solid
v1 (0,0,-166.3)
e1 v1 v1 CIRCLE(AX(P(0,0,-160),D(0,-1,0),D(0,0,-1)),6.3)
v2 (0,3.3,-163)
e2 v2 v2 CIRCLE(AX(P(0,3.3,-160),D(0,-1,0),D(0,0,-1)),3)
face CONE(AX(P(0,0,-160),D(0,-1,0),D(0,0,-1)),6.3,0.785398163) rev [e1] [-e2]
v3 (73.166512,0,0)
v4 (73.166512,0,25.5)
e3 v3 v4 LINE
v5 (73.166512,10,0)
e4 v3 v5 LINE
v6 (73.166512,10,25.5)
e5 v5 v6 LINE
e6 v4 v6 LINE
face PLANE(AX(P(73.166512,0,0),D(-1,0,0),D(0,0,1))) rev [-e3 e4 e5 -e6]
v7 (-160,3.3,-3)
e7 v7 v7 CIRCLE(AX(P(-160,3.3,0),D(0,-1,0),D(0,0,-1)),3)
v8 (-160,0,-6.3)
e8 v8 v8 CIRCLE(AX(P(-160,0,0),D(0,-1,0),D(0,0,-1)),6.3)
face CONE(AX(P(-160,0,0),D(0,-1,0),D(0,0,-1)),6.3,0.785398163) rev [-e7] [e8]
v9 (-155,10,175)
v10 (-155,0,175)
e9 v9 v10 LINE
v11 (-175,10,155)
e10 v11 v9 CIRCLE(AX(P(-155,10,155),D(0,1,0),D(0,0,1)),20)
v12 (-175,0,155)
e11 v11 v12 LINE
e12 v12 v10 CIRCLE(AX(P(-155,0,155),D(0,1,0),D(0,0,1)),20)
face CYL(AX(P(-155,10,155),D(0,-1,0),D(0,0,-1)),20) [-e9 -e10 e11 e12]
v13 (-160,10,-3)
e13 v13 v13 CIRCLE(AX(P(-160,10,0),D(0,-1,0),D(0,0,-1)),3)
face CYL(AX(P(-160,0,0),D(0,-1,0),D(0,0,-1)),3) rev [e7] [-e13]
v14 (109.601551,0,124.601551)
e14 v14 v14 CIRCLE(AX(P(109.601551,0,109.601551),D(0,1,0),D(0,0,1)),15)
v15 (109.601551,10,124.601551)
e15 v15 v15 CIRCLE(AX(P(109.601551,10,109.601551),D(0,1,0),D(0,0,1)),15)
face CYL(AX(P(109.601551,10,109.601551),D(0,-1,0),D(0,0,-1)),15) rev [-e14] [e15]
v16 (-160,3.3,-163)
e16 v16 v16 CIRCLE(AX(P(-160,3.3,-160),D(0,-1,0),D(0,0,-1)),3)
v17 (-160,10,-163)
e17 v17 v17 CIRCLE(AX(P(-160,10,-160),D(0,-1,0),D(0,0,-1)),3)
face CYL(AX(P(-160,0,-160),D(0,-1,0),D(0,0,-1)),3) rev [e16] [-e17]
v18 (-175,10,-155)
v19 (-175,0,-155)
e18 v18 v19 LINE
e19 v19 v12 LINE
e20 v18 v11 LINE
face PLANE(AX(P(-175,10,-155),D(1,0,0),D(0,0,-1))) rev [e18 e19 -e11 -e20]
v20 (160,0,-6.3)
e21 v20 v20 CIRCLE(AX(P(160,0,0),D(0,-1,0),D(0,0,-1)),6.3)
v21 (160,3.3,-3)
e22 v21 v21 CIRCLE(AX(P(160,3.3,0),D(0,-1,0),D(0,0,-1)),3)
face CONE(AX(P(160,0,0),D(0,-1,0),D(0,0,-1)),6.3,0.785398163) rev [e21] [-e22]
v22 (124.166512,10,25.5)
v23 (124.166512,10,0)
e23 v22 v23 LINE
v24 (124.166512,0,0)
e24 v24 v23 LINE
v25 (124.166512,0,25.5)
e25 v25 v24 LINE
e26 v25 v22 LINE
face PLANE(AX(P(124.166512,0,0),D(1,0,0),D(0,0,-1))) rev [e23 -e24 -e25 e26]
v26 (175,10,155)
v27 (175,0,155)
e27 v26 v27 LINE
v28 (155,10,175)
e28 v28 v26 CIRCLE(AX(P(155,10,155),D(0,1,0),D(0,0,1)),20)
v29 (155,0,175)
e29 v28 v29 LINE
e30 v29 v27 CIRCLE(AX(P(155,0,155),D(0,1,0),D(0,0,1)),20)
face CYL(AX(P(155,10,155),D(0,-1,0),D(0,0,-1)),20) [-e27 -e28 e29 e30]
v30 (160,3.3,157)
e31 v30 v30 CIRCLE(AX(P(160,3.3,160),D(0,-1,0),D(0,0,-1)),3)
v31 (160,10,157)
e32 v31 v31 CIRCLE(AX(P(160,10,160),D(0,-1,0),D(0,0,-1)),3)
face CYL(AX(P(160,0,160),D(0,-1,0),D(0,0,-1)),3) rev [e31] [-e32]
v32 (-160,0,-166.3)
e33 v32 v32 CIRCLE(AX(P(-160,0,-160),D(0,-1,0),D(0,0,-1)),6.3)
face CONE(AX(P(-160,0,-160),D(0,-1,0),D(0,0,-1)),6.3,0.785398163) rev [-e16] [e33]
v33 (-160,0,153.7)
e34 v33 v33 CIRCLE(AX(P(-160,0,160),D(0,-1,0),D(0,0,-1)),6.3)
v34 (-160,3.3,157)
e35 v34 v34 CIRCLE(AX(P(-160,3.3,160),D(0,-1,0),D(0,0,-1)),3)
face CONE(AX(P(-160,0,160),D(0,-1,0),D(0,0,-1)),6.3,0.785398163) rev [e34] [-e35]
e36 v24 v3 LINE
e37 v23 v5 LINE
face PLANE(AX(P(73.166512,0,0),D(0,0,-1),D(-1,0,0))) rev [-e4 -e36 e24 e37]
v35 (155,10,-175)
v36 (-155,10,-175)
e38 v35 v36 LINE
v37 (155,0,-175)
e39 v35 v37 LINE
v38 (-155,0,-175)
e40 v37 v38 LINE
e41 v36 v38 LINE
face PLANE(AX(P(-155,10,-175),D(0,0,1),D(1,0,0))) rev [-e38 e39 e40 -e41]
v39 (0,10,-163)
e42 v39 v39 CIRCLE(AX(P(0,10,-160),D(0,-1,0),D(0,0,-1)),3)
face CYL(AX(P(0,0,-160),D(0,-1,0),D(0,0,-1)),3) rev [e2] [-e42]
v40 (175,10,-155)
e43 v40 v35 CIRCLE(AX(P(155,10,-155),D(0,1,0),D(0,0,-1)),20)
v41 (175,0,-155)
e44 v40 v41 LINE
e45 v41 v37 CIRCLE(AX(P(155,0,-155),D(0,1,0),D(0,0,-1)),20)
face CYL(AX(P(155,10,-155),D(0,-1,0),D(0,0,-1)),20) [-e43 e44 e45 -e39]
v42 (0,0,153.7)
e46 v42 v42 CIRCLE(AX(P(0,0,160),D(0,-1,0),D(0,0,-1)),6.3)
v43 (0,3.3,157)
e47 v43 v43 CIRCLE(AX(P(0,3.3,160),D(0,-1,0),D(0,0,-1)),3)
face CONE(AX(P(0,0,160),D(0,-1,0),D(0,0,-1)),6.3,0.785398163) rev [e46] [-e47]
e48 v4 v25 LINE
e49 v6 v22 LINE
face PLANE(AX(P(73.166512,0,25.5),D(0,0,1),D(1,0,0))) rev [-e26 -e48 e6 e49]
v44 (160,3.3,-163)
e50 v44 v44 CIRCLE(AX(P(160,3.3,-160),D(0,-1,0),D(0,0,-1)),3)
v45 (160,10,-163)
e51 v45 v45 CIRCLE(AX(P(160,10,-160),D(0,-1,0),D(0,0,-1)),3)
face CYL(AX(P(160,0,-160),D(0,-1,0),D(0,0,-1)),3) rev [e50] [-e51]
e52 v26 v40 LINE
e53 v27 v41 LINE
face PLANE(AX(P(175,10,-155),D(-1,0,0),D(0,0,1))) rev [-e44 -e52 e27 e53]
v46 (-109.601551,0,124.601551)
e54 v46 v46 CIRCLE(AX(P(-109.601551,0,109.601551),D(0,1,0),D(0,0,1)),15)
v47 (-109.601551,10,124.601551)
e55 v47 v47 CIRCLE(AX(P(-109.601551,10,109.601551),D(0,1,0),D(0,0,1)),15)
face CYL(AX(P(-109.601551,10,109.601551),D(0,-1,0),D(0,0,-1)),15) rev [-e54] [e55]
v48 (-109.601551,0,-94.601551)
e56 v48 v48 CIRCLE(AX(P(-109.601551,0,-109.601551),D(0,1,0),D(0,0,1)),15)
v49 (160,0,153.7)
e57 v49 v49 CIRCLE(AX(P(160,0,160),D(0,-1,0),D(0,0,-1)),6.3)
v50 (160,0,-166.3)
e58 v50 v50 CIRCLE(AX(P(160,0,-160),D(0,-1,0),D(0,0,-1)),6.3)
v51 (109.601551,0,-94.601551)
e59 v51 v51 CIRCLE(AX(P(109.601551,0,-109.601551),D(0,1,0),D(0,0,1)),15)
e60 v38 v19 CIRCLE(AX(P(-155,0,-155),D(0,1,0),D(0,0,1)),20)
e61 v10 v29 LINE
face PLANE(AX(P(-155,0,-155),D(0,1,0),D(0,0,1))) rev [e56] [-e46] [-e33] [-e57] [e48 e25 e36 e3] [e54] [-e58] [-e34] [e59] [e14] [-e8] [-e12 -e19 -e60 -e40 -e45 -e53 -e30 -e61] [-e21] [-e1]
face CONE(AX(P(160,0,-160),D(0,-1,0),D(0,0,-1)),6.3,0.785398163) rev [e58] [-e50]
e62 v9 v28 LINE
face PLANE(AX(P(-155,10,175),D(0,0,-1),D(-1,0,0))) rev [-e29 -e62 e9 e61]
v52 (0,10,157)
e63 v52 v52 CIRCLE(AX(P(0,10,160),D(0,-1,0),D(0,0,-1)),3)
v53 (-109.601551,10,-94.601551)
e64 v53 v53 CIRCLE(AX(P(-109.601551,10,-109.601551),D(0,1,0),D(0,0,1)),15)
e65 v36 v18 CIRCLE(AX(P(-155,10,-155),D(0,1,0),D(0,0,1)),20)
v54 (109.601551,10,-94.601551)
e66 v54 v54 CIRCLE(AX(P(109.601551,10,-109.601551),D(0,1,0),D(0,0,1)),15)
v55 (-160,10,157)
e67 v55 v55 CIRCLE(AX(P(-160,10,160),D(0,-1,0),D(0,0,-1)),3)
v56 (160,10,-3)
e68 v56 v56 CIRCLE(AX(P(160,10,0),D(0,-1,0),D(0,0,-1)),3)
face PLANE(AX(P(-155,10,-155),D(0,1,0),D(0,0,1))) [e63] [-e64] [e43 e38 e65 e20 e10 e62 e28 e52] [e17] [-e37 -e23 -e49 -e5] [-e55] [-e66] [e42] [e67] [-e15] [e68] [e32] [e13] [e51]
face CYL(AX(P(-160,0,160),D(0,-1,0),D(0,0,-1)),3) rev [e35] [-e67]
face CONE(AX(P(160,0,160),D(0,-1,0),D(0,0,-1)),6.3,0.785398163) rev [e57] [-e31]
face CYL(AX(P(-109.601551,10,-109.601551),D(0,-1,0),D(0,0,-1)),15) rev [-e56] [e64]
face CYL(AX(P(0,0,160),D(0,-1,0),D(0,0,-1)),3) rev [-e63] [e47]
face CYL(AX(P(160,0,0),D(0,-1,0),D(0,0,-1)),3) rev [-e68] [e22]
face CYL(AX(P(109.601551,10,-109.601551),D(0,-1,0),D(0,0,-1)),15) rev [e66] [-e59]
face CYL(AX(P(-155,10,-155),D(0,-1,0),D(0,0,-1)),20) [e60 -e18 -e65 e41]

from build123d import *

# Parameters (mm, degrees)
SKETCH1_R                                       = 15
BOSS_EXTRUDE1_DEPTH                             = 10
CSK_FOR_M6_FLAT_HEAD_MACHINE_SCREW2_D           = 6
CSK_FOR_M6_FLAT_HEAD_MACHINE_SCREW2_CSINK_D     = 12.6
CSK_FOR_M6_FLAT_HEAD_MACHINE_SCREW2_CSINK_ANGLE = 90
SKETCH6_W                                       = 51
SKETCH6_H                                       = 25.5
CUT_EXTRUDE1_DEPTH                              = 10


with BuildPart() as part:
    # Sketch1 → Boss-Extrude1 (new body)
    with BuildSketch(Plane(origin=(0, 0, 0), x_dir=(1, 0, 0), z_dir=(0, 1, 0))):
        with BuildLine():
            Line((-155, 175), (155, 175))
            ThreePointArc((155, 175), (169.142135624, 169.142135624), (175, 155))
            Line((175, 155), (175, -155))
            ThreePointArc((175, -155), (169.142135624, -169.142135624), (155, -175))
            Line((155, -175), (-155, -175))
            ThreePointArc((-155, -175), (-169.142135624, -169.142135624), (-175, -155))
            Line((-175, -155), (-175, 155))
            ThreePointArc((-175, 155), (-169.142135624, 169.142135624), (-155, 175))
        make_face()
        with Locations(Location((-109.601551084, 109.601551084, 0), (0, 0, 270))):
            Circle(SKETCH1_R, mode=Mode.SUBTRACT)
        with Locations(Location((109.601551084, 109.601551084, 0), (0, 0, 270))):
            Circle(SKETCH1_R, mode=Mode.SUBTRACT)
        with Locations(Location((-109.601551084, -109.601551084, 0), (0, 0, 270))):
            Circle(SKETCH1_R, mode=Mode.SUBTRACT)
        with Locations(Location((109.601551084, -109.601551084, 0), (0, 0, 270))):
            Circle(SKETCH1_R, mode=Mode.SUBTRACT)
    extrude(amount=BOSS_EXTRUDE1_DEPTH)

    # CSK for M6 Flat Head Machine Screw2 (through all)
    with Locations(Plane(origin=(160, 0, -160), x_dir=(0, 0, -1), z_dir=(0, -1, 0))):
        with Locations((0, 0), (-160, 0), (-320, 0), (-320, -160), (-320, -320), (-160, -320), (0, -320), (0, -160)):
            CounterSinkHole(CSK_FOR_M6_FLAT_HEAD_MACHINE_SCREW2_D / 2, CSK_FOR_M6_FLAT_HEAD_MACHINE_SCREW2_CSINK_D / 2, counter_sink_angle=CSK_FOR_M6_FLAT_HEAD_MACHINE_SCREW2_CSINK_ANGLE)

    # Sketch6 → Cut-Extrude1 (cut)
    with BuildSketch(Plane(origin=(0, 10, 0), x_dir=(1, 0, 0), z_dir=(0, 1, 0))):
        with Locations((98.666512481, -12.75)):
            Rectangle(SKETCH6_W, SKETCH6_H)
    extrude(amount=-CUT_EXTRUDE1_DEPTH, mode=Mode.SUBTRACT)


solid = part.part
